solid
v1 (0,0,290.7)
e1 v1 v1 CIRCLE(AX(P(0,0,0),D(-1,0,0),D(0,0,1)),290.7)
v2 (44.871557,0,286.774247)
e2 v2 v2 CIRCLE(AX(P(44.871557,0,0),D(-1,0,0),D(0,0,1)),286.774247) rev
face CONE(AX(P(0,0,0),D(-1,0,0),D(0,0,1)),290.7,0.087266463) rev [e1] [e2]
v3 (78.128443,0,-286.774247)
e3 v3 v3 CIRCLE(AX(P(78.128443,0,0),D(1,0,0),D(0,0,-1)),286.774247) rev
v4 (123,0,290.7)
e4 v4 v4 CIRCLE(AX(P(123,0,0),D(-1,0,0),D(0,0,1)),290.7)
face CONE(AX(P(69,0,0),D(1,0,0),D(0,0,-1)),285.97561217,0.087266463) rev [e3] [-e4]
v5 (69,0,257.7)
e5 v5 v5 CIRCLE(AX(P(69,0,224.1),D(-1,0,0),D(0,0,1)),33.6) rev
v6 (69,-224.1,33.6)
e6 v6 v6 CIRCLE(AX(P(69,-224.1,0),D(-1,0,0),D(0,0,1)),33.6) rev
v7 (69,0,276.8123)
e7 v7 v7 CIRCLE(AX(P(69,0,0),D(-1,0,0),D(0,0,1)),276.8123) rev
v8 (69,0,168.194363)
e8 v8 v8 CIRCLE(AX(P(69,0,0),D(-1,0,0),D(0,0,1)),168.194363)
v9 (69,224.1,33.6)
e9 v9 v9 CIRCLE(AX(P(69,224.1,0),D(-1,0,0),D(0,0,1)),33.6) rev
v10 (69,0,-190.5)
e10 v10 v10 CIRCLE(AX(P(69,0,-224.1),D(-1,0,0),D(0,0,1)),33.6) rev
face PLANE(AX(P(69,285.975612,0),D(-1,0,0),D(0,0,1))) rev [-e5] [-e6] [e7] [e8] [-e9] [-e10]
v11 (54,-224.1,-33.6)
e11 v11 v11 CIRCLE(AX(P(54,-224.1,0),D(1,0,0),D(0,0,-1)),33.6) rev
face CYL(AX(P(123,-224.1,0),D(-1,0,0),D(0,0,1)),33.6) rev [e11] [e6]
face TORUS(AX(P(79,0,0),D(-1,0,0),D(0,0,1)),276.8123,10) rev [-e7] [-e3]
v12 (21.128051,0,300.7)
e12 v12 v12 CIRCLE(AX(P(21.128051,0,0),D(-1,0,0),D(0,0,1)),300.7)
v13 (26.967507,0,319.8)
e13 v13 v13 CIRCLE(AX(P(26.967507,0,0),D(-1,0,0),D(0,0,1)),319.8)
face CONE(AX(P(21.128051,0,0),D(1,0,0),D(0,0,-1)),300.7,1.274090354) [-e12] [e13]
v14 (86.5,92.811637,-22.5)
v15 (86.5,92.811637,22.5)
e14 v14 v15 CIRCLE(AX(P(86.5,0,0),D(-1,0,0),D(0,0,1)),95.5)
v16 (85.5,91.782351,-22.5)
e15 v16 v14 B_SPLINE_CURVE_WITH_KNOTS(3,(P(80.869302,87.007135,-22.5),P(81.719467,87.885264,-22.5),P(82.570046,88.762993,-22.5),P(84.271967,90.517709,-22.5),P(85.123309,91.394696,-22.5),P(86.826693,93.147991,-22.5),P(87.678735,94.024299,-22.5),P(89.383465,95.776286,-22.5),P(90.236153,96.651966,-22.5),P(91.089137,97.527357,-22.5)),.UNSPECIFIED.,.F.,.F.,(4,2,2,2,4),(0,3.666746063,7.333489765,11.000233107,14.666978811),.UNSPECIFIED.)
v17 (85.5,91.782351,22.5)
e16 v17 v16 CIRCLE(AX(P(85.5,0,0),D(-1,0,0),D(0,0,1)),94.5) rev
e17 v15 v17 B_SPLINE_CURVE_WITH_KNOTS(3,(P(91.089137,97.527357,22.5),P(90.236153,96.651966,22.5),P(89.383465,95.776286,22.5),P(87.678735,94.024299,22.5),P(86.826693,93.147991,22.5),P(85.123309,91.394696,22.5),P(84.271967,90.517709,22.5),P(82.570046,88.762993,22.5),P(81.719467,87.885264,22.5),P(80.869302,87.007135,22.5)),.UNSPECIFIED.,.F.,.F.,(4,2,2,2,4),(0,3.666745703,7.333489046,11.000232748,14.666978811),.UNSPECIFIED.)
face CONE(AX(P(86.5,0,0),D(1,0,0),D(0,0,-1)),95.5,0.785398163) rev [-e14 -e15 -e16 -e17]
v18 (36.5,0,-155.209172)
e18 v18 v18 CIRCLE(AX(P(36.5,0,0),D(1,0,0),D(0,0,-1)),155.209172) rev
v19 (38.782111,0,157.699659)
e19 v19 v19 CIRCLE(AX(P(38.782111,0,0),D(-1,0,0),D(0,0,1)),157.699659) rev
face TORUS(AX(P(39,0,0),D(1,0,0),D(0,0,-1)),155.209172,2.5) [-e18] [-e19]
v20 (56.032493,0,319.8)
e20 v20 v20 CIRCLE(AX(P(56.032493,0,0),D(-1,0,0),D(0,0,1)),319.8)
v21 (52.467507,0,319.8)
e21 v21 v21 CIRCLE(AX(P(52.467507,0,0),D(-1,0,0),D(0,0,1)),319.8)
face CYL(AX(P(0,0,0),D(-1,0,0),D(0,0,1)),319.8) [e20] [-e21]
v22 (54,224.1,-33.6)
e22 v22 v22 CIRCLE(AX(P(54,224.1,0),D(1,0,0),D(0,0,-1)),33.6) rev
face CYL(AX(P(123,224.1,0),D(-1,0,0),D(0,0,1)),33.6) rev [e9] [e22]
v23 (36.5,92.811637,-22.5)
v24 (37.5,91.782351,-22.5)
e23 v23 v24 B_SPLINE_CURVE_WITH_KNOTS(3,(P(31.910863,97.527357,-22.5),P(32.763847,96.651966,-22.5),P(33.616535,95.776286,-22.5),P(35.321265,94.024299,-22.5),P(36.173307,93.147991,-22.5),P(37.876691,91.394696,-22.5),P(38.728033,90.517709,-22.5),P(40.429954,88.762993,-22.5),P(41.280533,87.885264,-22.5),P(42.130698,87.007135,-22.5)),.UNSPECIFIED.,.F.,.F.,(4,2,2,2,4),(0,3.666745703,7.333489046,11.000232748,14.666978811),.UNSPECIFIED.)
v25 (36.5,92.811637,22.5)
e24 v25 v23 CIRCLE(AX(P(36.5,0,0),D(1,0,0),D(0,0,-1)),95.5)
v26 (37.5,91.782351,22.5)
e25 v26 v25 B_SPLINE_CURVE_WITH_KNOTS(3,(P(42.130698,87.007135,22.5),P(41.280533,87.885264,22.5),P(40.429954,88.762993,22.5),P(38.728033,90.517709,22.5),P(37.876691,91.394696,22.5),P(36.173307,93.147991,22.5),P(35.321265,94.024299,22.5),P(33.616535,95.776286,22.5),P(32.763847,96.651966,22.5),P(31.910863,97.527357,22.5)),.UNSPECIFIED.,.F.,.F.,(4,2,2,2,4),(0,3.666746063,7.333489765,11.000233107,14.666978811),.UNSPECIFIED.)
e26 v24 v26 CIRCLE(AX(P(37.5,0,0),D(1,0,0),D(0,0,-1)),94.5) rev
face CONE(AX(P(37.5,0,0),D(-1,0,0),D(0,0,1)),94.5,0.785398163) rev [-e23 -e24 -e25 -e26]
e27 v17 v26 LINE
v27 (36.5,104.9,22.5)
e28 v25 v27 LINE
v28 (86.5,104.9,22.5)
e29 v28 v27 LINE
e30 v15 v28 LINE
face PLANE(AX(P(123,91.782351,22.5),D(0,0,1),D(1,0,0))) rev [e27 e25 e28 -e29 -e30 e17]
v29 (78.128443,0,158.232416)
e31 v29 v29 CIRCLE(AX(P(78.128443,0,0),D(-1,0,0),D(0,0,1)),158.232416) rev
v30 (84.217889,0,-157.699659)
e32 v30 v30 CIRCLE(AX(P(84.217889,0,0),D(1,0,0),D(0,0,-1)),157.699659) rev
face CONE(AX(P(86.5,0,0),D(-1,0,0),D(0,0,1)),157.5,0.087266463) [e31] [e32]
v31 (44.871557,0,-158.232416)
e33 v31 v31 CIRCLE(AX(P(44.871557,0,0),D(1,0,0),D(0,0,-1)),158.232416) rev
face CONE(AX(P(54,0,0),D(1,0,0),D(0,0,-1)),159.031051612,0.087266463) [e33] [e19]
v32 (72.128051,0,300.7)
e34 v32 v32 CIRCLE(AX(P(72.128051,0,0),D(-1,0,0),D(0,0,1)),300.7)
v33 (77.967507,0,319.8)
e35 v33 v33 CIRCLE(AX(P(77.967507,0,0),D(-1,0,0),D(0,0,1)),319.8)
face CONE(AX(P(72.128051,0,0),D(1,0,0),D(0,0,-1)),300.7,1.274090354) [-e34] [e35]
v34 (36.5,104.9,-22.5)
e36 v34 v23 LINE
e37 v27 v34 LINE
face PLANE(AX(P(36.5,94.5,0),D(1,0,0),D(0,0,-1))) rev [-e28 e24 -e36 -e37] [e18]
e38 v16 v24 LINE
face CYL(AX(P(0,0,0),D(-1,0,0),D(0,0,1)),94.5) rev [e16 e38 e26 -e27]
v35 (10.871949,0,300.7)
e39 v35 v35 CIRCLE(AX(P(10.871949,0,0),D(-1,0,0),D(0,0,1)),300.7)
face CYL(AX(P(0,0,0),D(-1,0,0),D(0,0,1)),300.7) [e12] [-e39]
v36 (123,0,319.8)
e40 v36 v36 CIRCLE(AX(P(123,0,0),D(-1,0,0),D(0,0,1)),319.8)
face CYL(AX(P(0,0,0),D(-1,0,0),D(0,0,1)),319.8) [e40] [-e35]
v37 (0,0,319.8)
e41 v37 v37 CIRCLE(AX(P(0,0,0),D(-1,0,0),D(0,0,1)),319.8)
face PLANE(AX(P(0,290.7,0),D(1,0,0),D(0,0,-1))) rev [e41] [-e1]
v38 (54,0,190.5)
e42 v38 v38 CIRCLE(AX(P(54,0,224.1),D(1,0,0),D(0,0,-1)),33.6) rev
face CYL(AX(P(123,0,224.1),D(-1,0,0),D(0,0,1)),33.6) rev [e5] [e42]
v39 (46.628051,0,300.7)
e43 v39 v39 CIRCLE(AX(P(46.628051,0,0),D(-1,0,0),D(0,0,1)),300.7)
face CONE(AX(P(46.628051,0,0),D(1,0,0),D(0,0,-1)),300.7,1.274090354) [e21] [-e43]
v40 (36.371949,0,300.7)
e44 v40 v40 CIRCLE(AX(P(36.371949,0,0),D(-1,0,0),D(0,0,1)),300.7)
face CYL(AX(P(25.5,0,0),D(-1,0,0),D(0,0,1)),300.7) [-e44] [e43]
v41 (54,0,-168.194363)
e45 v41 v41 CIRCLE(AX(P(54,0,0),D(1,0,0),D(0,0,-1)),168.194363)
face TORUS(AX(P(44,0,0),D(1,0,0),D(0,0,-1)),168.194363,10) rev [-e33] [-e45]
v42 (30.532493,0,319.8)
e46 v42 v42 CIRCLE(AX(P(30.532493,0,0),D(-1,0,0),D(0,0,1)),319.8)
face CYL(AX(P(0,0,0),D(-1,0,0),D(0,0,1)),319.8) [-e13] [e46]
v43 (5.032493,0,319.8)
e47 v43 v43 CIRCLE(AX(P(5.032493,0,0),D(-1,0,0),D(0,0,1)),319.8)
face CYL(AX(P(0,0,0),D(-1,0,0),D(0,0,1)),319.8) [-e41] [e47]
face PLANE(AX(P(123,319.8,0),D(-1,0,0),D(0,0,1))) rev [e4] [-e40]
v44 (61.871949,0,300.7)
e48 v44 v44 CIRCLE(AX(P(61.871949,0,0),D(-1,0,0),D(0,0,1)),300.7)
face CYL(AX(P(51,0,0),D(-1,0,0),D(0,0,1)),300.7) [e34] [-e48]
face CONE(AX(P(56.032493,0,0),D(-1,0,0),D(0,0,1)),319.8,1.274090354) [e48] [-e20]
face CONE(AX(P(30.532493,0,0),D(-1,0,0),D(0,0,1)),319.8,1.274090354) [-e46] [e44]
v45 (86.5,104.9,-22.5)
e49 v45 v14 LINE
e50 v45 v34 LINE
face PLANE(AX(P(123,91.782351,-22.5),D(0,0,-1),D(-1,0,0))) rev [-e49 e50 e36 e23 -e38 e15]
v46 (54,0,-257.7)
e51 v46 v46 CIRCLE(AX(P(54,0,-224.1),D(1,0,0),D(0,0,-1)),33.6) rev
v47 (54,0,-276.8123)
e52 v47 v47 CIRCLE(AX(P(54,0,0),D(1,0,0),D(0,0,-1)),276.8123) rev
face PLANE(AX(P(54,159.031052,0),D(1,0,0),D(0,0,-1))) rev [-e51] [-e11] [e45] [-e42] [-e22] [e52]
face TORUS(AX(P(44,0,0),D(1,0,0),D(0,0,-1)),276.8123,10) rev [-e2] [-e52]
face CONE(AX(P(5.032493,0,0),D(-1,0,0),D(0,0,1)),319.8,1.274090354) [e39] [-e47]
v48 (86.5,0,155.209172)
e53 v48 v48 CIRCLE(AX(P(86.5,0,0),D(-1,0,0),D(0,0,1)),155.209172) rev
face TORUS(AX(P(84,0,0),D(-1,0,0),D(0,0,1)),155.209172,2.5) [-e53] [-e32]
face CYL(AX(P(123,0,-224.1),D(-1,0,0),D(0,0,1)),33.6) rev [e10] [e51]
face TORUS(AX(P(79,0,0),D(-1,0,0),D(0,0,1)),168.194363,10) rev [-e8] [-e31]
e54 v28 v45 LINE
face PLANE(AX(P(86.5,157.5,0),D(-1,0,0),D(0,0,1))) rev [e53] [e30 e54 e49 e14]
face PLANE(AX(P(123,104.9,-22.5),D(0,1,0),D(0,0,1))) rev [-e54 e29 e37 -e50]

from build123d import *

# Parameters (mm, degrees)
PATTERN_LINEAR_943_COUNT    = 3
PATTERN_LINEAR_943_PITCH    = 25.5
CHAMFER_1_SIZE              = 1
SKETCH_4_W                  = 45
SKETCH_4_H                  = 13.117648374
CUT_EXTRUDE_1_DEPTH         = 461.463168994
FILLET_1_R                  = 10
FILLET_2_R                  = 2.5
SKETCH_5_R                  = 33.6
CUT_EXTRUDE_2_DEPTH         = 469.692948528
PATTERN_CIRCULAR_1811_COUNT = 4


with BuildPart() as part:
    # 草图1 → 旋转1 (revolve)
    with BuildSketch(Plane.XY, mode=Mode.PRIVATE) as revolve_1_sk:
        Polygon((36.5, 94.5), (36.5, 157.5), (54, 159.031051612), (54, 285.97561217), (0, 290.7), (0, 319.8), (123, 319.8), (123, 290.7), (69, 285.97561217), (69, 159.031051612), (86.5, 157.5), (86.5, 94.5), align=None)
    revolve(revolve_1_sk.sketch.rotate(Axis((0, 0, 0), (1, 0, 0)), 90), axis=Axis((0, 0, 0), (1, 0, 0)))

    # 草图2 → 切除-旋转1 (revolve, cut)
    with BuildSketch(Plane.XY, mode=Mode.PRIVATE) as cut_revolve_1_sk:
        Polygon((21.128051255, 300.7), (26.967507271, 319.8), (5.032492729, 319.8), (10.871948745, 300.7), align=None)
    cut_revolve_1 = revolve(cut_revolve_1_sk.sketch.rotate(Axis((0, 0, 0), (1, 0, 0)), 90), axis=Axis((0, 0, 0), (1, 0, 0)), mode=Mode.SUBTRACT)

    # Pattern Linear 943: 切除-旋转1 ×3
    with Locations(*[(i * PATTERN_LINEAR_943_PITCH, 0, 0) for i in range(1, PATTERN_LINEAR_943_COUNT)]):
        add(cut_revolve_1, mode=Mode.SUBTRACT)

    # 倒角1
    chamfer_1_edges = [part.edges().sort_by_distance(p)[0] for p in [
        (36.5, 0, -94.5),
        (86.5, 0, -94.5),
    ]]
    chamfer(chamfer_1_edges, length=CHAMFER_1_SIZE)

    # 草图4 → 切除-拉伸1 (cut, through all)
    with BuildSketch(Plane.ZY.offset(-36.5)):
        with Locations((0, 98.341175432)):
            Rectangle(SKETCH_4_W, SKETCH_4_H)
    extrude(amount=-CUT_EXTRUDE_1_DEPTH, mode=Mode.SUBTRACT)

    # 圆角1
    fillet_1_edges = [part.edges().sort_by_distance(p)[0] for p in [
        (54, 0, -285.97561217),
        (54, 0, -159.031051612),
        (69, 0, -159.031051612),
        (69, 0, -285.97561217),
    ]]
    fillet(fillet_1_edges, radius=FILLET_1_R)

    # 圆角2
    fillet_2_edges = [part.edges().sort_by_distance(p)[0] for p in [
        (36.5, 0, -157.5),
        (86.5, 0, -157.5),
    ]]
    fillet(fillet_2_edges, radius=FILLET_2_R)

    # 草图5 → 切除-拉伸2 (cut, through all)
    with BuildSketch(Plane(origin=(0, 0, 0), x_dir=(0, 0, -1), z_dir=(1, 0, 0))):
        with Locations(Location((0, 224.1, 0), (0, 0, 180))):
            Circle(SKETCH_5_R)
    cut_extrude_2 = extrude(amount=CUT_EXTRUDE_2_DEPTH, mode=Mode.SUBTRACT)

    # Pattern Circular 1811: 切除-拉伸2 ×4 about axis
    pattern_circular_1811_axis = Axis((0, 0, 0), (1, 0, 0))
    for i in range(1, PATTERN_CIRCULAR_1811_COUNT):
        add(cut_extrude_2.rotate(pattern_circular_1811_axis, i * 360 / PATTERN_CIRCULAR_1811_COUNT), mode=Mode.SUBTRACT)


solid = part.part
